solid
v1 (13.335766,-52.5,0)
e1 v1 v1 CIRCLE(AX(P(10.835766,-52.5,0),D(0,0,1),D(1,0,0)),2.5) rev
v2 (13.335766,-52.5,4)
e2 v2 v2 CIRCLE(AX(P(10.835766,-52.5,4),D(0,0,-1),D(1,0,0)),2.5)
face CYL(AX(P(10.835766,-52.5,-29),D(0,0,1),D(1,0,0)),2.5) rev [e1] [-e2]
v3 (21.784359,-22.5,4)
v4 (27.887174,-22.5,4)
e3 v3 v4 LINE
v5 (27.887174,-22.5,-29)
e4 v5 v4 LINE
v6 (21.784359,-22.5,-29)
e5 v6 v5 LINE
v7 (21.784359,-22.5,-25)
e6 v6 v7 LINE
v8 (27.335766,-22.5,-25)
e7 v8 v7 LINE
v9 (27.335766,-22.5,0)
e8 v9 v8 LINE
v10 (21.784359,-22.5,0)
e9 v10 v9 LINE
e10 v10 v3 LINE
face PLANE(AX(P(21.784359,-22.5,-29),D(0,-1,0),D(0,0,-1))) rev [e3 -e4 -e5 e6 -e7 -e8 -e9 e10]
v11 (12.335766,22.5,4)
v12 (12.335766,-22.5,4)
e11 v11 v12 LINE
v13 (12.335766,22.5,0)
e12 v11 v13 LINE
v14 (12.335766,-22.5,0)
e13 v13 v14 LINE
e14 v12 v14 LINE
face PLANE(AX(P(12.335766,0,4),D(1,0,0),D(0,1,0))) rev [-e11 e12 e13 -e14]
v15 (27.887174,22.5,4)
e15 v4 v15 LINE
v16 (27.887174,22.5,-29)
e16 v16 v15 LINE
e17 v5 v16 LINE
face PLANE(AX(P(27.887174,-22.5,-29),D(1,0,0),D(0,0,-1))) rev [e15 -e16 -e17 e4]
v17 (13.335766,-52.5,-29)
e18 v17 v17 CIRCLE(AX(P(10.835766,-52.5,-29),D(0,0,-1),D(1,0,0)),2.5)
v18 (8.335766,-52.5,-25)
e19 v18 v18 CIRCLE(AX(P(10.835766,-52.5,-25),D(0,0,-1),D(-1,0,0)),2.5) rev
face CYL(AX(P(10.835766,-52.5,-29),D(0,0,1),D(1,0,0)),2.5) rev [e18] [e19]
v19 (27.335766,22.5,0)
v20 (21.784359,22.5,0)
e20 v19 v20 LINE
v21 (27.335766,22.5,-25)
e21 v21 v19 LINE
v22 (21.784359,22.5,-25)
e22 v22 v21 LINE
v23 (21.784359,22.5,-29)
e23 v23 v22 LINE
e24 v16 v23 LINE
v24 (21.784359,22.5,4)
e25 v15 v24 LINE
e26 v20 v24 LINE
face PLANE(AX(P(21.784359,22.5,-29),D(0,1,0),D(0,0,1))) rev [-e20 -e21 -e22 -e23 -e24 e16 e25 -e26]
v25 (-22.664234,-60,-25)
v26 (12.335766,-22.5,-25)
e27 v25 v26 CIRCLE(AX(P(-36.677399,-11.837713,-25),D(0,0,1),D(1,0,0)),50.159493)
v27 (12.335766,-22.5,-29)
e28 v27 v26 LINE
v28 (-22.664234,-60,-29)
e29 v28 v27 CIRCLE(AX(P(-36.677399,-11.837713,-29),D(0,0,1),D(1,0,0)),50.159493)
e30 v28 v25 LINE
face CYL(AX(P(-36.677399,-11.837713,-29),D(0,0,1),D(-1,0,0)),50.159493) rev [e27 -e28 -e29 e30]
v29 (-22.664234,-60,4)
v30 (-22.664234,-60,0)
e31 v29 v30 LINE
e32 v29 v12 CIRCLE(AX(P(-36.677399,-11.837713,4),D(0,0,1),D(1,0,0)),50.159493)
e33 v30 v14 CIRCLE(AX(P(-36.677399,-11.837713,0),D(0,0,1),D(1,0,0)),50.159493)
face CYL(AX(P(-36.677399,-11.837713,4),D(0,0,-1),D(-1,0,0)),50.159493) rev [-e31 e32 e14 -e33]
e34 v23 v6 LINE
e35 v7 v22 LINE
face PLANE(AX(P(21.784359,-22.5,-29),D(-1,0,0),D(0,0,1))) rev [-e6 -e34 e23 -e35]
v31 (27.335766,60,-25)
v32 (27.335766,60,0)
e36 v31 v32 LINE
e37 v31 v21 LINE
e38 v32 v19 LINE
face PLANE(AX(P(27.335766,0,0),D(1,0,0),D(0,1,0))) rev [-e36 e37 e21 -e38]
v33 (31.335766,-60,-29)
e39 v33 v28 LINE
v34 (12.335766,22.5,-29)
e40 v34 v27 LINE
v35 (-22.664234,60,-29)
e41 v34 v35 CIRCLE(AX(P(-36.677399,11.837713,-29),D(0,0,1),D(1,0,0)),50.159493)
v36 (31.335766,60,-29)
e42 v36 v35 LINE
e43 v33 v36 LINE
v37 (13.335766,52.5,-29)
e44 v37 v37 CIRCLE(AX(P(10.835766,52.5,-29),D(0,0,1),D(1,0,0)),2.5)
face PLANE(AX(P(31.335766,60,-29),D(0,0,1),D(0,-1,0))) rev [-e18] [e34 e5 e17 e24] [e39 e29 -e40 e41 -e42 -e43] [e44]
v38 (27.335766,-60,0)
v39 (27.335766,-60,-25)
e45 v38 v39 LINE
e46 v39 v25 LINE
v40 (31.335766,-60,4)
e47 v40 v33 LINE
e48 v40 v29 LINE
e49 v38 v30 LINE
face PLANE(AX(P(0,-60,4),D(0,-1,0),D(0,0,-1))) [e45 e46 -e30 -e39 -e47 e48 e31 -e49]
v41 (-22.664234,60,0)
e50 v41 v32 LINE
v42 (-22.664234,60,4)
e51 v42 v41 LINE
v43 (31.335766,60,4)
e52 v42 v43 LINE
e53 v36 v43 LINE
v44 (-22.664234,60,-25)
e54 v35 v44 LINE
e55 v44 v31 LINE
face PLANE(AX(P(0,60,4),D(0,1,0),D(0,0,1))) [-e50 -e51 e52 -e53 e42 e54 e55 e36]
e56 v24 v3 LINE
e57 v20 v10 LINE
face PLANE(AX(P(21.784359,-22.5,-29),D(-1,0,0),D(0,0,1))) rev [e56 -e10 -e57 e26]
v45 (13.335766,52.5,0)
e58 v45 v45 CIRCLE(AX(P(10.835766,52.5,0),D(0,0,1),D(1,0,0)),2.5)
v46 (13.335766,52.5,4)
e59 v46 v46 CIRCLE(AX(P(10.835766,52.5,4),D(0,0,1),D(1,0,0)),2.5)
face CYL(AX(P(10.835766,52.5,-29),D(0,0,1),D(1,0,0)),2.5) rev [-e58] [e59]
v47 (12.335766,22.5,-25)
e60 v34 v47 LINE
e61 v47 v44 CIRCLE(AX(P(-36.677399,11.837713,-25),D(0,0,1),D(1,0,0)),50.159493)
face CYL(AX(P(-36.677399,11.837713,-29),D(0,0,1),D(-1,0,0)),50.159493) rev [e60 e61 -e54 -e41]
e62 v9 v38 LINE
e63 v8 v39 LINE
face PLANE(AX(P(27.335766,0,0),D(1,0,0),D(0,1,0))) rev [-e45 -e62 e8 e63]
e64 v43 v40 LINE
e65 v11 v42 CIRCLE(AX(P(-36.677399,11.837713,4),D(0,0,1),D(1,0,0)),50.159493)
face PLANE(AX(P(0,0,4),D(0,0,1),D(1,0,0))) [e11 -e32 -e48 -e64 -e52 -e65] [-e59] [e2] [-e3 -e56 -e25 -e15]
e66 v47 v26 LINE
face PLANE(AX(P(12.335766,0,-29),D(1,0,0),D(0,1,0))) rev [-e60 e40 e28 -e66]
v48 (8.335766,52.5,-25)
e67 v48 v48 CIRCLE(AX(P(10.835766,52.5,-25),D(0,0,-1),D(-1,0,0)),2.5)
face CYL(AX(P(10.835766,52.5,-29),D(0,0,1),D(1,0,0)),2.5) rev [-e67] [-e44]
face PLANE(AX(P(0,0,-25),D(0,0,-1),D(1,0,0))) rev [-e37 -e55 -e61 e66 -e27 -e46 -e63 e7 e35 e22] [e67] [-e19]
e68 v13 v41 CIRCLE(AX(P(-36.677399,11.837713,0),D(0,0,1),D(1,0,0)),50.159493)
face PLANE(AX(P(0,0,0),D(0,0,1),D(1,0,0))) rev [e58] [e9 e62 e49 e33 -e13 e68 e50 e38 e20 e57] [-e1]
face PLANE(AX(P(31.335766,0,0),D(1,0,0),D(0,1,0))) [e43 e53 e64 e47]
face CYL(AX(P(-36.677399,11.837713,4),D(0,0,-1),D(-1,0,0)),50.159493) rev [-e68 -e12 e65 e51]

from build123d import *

# Parameters (mm, degrees)
SKETCH3_W           = 13
SKETCH3_H           = 120
BOSS_EXTRUDE1_DEPTH = 4
SKETCH11_W          = 33
SKETCH11_H          = 120
BOSS_EXTRUDE4_DEPTH = 4
SKETCH12_R          = 2.5
CUT_EXTRUDE3_DEPTH  = 76.305579191
SKETCH13_W          = 6.102814475
SKETCH13_H          = 45
CUT_EXTRUDE4_DEPTH  = 76.305579191


with BuildPart() as part:
    # Sketch3 → Boss-Extrude1 (new body)
    with BuildSketch(Plane.XY):
        with Locations((20.835766423, 0)):
            Rectangle(SKETCH3_W, SKETCH3_H)
        with BuildLine():
            Line((14.335766423, 0), (14.335766423, 60))
            Line((14.335766423, 60), (-22.664233577, 60))
            ThreePointArc((-22.664233577, 60), (-0.008037132, 46.062450015), (12.335766423, 22.5))
            Line((12.335766423, 22.5), (12.335766423, 0))
            Line((12.335766423, 0), (14.335766423, 0))
        make_face()
        with BuildLine():
            Line((14.335766423, -60), (14.335766423, 0))
            Line((14.335766423, 0), (12.335766423, 0))
            Line((12.335766423, 0), (12.335766423, -22.5))
            ThreePointArc((12.335766423, -22.5), (-0.008037132, -46.062450015), (-22.664233577, -60))
            Line((-22.664233577, -60), (14.335766423, -60))
        make_face()
    extrude(amount=BOSS_EXTRUDE1_DEPTH)


with BuildPart() as body_2:
    # Mirror4: mirrored copy
    add(part.part.mirror(Plane.XY.offset(-12.5)))


with BuildPart() as part_1:
    add(part.part)

    add(body_2.part)  # Boss-Extrude4 merges body 2
    # Sketch11 → Boss-Extrude4 (add)
    with BuildSketch(Plane(origin=(27.335766423, 0, 0), x_dir=(0, 0, -1), z_dir=(1, 0, 0))):
        with Locations((12.5, 0)):
            Rectangle(SKETCH11_W, SKETCH11_H)
    extrude(amount=BOSS_EXTRUDE4_DEPTH)

    # Sketch12 → Cut-Extrude3 (cut, through all)
    with BuildSketch(Plane.XY.offset(4)):
        with Locations((10.835766423, 52.5)):
            Circle(SKETCH12_R)
    cut_extrude3 = extrude(amount=-CUT_EXTRUDE3_DEPTH, mode=Mode.SUBTRACT)

    # Mirror5: Cut-Extrude3 across plane
    add(cut_extrude3.mirror(Plane.ZX), mode=Mode.SUBTRACT)

    # Sketch13 → Cut-Extrude4 (cut, through all)
    with BuildSketch(Plane.XY.offset(4)):
        with Locations((24.835766424, 0)):
            Rectangle(SKETCH13_W, SKETCH13_H)
    extrude(amount=-CUT_EXTRUDE4_DEPTH, mode=Mode.SUBTRACT)


solid = part_1.part
